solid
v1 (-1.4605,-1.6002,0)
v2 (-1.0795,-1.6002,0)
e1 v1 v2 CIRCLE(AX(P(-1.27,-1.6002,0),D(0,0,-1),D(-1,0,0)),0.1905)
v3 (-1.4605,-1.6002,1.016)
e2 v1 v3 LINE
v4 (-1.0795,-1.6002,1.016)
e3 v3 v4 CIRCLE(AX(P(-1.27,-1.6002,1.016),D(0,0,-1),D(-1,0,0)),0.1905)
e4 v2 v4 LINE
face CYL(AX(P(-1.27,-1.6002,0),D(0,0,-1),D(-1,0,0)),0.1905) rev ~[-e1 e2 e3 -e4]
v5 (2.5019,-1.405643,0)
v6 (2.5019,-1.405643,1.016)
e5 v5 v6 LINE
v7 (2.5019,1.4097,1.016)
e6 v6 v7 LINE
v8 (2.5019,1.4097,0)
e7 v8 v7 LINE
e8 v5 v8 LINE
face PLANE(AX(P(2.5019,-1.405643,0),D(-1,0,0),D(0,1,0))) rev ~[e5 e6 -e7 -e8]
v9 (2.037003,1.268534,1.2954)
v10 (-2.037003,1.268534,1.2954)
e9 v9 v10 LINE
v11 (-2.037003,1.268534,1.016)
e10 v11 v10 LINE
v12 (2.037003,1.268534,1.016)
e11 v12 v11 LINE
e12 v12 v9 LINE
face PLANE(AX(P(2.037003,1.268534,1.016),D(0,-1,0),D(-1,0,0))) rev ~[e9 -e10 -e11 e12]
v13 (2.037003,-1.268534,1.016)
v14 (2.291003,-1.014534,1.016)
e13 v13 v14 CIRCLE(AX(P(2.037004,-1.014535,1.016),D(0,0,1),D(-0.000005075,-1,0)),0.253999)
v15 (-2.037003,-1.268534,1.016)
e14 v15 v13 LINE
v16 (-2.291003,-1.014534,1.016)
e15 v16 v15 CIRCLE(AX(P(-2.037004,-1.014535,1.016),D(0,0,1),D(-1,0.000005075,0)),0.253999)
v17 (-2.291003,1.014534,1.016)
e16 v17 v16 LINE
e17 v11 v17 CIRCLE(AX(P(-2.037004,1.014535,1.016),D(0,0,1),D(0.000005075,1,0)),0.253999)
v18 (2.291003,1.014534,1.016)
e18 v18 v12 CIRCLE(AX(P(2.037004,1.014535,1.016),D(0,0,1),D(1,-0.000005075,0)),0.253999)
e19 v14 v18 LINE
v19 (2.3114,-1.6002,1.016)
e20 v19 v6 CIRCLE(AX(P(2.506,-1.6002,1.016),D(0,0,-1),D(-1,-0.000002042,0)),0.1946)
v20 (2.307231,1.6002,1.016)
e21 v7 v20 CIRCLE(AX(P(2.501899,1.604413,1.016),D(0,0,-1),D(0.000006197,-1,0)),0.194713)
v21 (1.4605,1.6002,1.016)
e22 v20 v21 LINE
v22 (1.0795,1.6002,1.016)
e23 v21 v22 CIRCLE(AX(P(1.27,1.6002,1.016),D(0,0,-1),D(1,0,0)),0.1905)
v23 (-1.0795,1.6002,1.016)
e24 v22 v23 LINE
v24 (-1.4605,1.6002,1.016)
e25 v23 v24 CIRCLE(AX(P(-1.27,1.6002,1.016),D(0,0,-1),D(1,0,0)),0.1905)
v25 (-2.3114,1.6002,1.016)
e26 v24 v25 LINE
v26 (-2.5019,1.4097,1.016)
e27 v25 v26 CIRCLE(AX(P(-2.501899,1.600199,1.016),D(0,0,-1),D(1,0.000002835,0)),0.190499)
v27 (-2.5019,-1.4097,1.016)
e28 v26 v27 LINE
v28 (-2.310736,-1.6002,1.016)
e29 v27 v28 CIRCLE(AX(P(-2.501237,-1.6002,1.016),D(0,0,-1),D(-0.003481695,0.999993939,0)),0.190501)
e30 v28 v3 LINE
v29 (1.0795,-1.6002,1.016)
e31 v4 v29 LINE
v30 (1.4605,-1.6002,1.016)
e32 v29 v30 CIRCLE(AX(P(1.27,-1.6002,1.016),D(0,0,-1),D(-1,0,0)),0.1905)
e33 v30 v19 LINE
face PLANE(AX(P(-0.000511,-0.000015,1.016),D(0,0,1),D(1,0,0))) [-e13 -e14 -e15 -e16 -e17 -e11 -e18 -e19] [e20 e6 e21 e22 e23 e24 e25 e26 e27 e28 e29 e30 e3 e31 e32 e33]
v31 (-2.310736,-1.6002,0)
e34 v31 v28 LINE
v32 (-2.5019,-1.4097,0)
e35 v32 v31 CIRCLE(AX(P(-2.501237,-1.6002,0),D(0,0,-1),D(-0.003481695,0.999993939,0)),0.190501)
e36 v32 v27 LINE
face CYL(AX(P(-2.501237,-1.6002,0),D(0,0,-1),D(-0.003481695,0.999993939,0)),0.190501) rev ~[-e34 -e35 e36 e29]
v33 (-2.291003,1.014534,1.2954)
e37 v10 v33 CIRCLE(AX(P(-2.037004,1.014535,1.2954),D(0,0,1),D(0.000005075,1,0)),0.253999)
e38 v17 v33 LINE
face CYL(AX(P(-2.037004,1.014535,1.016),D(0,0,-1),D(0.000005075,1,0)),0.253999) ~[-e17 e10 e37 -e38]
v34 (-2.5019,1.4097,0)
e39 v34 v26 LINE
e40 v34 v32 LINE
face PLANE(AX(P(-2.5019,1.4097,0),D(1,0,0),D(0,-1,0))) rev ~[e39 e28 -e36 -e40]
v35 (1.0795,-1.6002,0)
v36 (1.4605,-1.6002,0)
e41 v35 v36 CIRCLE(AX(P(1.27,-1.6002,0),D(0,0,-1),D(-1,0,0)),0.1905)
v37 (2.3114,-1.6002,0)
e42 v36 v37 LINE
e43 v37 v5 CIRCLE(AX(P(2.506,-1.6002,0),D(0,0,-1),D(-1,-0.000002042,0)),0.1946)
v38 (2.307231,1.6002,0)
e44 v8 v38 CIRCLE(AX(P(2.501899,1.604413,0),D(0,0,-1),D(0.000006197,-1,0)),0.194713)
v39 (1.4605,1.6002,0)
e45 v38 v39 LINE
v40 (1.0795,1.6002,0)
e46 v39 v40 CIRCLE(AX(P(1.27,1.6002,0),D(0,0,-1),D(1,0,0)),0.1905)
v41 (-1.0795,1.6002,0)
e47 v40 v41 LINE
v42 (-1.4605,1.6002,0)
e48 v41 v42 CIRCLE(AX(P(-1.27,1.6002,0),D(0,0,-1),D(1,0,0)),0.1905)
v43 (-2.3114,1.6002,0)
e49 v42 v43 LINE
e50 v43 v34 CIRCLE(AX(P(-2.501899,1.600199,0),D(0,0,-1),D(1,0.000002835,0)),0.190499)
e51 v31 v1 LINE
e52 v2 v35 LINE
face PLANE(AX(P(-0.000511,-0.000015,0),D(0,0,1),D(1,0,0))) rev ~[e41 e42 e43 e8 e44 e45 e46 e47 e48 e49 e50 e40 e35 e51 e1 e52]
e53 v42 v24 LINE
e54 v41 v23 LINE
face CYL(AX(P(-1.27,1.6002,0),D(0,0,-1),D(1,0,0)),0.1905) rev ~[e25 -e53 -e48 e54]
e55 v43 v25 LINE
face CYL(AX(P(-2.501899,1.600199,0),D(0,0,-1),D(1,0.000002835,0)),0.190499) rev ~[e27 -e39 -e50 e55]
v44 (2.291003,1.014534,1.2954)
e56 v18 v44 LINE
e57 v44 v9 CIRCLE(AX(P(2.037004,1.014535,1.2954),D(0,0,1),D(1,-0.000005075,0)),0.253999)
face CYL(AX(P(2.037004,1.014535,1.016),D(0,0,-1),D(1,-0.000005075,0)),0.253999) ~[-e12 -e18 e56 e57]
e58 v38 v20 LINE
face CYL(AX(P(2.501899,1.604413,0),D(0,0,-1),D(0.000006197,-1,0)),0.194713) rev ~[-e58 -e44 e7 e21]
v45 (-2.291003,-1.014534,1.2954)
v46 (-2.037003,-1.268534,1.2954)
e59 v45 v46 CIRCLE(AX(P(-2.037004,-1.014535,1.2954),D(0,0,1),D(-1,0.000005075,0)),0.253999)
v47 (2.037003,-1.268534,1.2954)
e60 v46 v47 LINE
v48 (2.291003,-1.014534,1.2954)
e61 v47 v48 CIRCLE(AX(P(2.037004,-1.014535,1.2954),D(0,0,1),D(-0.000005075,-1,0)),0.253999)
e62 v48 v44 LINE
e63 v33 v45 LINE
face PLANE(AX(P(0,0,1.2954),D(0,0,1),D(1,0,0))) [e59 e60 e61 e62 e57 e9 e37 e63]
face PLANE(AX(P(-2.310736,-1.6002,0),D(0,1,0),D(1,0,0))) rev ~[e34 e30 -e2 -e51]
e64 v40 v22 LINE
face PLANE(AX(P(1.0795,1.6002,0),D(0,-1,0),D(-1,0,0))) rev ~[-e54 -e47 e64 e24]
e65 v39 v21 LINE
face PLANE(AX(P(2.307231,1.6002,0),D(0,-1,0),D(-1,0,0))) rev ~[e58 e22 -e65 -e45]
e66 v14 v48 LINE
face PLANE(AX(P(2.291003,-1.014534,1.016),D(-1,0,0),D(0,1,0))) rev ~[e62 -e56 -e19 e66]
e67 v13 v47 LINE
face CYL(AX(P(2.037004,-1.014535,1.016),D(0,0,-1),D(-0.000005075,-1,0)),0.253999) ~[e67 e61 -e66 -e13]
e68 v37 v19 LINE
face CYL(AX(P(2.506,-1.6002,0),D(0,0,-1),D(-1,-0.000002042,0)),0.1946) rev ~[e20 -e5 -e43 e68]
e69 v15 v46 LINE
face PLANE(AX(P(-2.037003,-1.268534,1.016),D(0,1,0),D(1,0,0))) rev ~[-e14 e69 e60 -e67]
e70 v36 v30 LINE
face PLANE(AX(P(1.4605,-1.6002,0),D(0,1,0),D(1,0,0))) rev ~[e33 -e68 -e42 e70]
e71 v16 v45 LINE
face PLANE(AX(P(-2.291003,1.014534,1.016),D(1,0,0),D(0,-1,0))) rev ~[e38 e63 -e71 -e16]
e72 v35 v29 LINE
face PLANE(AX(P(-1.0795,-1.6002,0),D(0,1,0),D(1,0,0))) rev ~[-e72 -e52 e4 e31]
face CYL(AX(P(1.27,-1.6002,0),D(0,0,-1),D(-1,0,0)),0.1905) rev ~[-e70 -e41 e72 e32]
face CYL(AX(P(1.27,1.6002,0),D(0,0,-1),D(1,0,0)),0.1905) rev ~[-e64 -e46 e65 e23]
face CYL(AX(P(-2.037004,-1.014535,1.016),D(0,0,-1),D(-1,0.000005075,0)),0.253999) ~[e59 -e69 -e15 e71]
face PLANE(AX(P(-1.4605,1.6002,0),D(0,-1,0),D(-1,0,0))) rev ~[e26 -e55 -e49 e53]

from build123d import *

# Parameters (mm, degrees)
F1_DEPTH = 1.016
F3_DEPTH = 0.2794


with BuildPart() as f1:
    # F0 (on Top) → F1 (new body)
    with BuildSketch(Plane.XY):
        with BuildLine():
            ThreePointArc((-2.3114, 1.6002), (-2.367196, 1.465496), (-2.5019, 1.4097))
            Line((-2.5019, 1.4097), (-2.5019, -1.4097))
            ThreePointArc((-2.5019, -1.4097), (-2.366767, -1.465261), (-2.310736, -1.6002))
            Line((-2.310736, -1.6002), (-1.4605, -1.6002))
            ThreePointArc((-1.4605, -1.6002), (-1.27, -1.4097), (-1.0795, -1.6002))
            Line((-1.0795, -1.6002), (1.0795, -1.6002))
            ThreePointArc((1.0795, -1.6002), (1.27, -1.4097), (1.4605, -1.6002))
            Line((1.4605, -1.6002), (2.3114, -1.6002))
            ThreePointArc((2.3114, -1.6002), (2.366955, -1.464054), (2.5019, -1.405643))
            Line((2.5019, -1.405643), (2.5019, 1.4097))
            ThreePointArc((2.5019, 1.4097), (2.365714, 1.465248), (2.307231, 1.6002))
            Line((2.307231, 1.6002), (1.4605, 1.6002))
            ThreePointArc((1.4605, 1.6002), (1.27, 1.4097), (1.0795, 1.6002))
            Line((1.0795, 1.6002), (-1.0795, 1.6002))
            ThreePointArc((-1.0795, 1.6002), (-1.27, 1.4097), (-1.4605, 1.6002))
            Line((-1.4605, 1.6002), (-2.3114, 1.6002))
        make_face()
    extrude(amount=F1_DEPTH)

    # F2 (on face) → F3 (join)
    with BuildSketch(Plane.XY.offset(1.016)):
        with BuildLine():
            Line((2.037003, 1.268534), (-2.037003, 1.268534))
            ThreePointArc((-2.037003, 1.268534), (-2.216609, 1.194139), (-2.291003, 1.014534))
            Line((-2.291003, 1.014534), (-2.291003, -1.014534))
            ThreePointArc((-2.291003, -1.014534), (-2.216609, -1.194139), (-2.037003, -1.268534))
            Line((-2.037003, -1.268534), (2.037003, -1.268534))
            ThreePointArc((2.037003, -1.268534), (2.216609, -1.194139), (2.291003, -1.014534))
            Line((2.291003, -1.014534), (2.291003, 1.014534))
            ThreePointArc((2.291003, 1.014534), (2.216609, 1.194139), (2.037003, 1.268534))
        make_face()
    extrude(amount=F3_DEPTH)


solid = f1.part
